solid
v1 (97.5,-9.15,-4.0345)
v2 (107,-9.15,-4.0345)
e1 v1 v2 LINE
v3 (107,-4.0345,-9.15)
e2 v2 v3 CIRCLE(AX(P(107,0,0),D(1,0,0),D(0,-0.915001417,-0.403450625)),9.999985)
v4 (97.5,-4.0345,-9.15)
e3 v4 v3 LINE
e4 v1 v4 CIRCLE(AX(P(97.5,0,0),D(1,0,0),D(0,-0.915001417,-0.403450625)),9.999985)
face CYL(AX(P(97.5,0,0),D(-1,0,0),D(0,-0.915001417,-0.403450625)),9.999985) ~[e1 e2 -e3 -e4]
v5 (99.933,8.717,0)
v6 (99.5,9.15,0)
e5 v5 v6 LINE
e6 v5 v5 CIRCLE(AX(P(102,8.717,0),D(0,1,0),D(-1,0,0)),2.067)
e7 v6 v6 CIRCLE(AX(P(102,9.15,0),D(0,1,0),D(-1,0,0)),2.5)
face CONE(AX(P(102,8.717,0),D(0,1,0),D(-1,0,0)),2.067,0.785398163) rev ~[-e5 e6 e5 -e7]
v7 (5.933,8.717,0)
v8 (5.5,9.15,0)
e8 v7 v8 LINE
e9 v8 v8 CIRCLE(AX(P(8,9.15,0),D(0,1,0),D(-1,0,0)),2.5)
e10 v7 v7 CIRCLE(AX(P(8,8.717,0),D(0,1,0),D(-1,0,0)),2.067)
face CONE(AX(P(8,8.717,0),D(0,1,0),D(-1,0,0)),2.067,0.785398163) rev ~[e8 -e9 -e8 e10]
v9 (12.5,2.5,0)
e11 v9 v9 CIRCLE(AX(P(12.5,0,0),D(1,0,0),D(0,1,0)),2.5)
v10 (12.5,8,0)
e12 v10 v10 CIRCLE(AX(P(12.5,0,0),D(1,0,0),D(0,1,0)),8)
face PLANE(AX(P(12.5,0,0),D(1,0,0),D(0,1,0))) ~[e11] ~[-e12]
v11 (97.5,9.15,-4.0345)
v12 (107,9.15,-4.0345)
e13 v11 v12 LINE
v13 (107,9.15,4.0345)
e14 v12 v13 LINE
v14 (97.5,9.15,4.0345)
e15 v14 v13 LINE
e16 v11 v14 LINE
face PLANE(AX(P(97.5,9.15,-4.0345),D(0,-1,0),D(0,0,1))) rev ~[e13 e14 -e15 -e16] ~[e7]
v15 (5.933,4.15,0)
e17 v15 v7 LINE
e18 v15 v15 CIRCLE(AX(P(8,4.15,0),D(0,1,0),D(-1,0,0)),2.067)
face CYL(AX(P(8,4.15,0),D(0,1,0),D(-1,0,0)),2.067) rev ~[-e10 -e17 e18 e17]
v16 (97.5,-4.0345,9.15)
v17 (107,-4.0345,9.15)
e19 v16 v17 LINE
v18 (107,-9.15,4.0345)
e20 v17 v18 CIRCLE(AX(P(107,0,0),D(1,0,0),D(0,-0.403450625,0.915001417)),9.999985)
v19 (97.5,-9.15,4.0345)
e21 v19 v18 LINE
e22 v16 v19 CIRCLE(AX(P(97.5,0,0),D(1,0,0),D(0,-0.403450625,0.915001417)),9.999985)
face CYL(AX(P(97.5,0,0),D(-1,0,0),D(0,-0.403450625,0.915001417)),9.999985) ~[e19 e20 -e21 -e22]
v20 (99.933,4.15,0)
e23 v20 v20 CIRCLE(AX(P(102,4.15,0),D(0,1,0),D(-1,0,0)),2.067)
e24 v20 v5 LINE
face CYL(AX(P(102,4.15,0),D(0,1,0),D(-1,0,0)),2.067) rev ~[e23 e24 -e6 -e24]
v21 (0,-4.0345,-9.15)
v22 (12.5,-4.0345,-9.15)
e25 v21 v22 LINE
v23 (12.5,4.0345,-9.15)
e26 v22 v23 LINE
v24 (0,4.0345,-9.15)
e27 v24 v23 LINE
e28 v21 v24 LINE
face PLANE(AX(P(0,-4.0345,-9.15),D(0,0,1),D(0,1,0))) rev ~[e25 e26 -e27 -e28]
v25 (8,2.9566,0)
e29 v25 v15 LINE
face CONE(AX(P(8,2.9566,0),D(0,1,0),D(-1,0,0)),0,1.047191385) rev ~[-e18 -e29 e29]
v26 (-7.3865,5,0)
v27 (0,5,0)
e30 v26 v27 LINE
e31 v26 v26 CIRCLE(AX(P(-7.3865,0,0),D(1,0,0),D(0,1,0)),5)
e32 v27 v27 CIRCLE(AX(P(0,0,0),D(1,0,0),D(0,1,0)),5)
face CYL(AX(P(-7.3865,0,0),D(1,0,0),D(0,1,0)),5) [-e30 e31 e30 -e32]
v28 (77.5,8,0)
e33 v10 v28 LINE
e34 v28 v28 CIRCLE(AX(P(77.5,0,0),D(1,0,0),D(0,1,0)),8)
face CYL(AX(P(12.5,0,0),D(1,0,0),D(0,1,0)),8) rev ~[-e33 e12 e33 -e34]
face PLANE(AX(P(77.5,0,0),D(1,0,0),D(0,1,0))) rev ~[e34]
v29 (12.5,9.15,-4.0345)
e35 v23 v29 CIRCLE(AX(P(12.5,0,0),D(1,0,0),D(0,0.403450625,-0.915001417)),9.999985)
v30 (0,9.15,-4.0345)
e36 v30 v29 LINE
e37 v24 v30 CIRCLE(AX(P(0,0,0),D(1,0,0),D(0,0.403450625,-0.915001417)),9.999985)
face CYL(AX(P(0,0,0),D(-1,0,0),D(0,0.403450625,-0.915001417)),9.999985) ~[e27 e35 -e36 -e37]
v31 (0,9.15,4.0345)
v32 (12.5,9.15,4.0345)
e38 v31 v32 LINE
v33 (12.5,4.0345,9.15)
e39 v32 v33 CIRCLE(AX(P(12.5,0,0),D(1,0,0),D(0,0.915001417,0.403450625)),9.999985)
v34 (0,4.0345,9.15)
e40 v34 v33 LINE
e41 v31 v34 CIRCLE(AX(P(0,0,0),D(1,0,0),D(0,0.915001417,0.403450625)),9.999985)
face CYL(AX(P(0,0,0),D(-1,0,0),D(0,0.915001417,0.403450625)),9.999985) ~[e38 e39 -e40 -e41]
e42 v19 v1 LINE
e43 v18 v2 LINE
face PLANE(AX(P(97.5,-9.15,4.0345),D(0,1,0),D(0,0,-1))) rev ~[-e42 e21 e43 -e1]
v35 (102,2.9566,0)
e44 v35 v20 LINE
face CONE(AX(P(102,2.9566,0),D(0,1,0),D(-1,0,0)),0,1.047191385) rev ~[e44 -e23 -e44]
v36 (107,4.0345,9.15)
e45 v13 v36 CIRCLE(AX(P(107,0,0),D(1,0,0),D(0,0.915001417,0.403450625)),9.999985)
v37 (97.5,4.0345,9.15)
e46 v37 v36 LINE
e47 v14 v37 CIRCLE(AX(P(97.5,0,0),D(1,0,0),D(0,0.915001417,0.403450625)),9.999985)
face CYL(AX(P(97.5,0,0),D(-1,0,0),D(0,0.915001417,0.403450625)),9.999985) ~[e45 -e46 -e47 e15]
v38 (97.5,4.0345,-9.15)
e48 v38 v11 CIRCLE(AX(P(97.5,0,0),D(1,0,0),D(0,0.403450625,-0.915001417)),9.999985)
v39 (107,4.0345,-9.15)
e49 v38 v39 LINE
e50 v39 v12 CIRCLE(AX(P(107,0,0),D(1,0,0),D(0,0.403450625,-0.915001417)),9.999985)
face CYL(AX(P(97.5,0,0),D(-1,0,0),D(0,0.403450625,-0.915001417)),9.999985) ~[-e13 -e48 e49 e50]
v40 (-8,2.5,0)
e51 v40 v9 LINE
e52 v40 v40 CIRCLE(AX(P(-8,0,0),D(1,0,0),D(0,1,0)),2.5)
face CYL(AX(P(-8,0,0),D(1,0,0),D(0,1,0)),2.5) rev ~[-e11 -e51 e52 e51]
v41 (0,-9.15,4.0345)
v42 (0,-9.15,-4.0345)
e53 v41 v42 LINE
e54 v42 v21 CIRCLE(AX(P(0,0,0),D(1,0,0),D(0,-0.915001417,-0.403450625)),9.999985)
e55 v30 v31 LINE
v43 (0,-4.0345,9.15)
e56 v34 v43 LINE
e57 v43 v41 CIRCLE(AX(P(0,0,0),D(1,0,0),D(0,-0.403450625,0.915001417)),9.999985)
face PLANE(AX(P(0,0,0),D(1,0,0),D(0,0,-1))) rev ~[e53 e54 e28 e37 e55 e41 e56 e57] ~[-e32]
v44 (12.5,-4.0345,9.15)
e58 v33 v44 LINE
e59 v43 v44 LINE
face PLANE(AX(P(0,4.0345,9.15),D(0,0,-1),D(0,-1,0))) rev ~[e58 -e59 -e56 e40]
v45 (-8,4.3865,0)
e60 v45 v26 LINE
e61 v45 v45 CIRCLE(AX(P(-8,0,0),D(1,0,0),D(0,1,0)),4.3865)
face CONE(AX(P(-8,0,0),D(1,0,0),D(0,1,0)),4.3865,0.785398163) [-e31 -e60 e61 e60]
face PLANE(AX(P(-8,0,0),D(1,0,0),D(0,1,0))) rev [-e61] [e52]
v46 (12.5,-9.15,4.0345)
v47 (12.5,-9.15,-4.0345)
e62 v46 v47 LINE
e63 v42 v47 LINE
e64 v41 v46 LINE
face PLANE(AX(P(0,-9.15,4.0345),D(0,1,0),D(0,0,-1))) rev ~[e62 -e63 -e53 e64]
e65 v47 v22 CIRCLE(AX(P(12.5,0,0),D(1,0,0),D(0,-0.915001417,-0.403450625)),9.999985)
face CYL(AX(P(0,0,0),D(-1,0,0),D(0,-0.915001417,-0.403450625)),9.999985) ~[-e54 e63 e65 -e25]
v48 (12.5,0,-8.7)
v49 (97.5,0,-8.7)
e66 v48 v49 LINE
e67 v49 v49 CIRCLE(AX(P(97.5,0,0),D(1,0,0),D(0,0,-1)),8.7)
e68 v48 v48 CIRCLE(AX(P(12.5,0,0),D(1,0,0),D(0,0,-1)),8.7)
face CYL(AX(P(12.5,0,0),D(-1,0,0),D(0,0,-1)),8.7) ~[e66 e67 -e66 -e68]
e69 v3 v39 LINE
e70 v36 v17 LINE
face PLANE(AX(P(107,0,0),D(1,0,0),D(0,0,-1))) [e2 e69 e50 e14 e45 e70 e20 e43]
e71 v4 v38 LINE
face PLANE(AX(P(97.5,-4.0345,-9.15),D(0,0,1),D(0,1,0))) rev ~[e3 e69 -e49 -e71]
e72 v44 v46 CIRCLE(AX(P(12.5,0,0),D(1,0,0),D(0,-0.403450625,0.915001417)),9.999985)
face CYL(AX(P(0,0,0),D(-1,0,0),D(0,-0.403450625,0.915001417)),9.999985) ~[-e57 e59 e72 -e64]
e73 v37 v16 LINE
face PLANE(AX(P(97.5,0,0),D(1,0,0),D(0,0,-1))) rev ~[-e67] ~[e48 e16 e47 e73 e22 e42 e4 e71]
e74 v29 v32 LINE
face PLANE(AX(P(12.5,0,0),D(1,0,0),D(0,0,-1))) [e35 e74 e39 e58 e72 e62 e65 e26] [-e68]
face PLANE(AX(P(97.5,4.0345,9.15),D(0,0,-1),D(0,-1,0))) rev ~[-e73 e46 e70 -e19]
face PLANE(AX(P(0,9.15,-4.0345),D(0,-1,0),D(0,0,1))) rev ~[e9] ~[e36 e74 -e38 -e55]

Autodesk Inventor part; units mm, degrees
sketch "Sketch_8" plane through (0, 0, 0) normal (0, 0, 1) x (1, 0, 0)
  line L0 (0, 0) -> (-8, 0)
  line L1 (-8, 0) -> (-8, 4.3865)
  line L2 (-8, 4.3865) -> (-7.3865, 5)
  line L3 (-7.3865, 5) -> (0, 5)
  line L4 (0, 5) -> (0, 0)
  line L5 (0, 0) -> (-8, 0)
revolve "Revolution1" add sketch "Sketch_8" angle 360 about axis through (0, 0, 0) along (1, 0, 0)
thread "Thread1" size "M10x1" class "6g" standard "ISO Metric profile" length 5.8865
sketch "Sketch_9" plane through (0, 0, 0) normal (1, 0, 0) x (0, 0, -1)
  line L0 (-9.15, 4.0345) -> (-9.15, -4.0345)
  arc A0 (-9.15, -4.0345) -> (-4.0345, -9.15) centre (0, 0) ccw
  line L1 (-4.0345, -9.15) -> (4.0345, -9.15)
  arc A1 (4.0345, -9.15) -> (9.15, -4.0345) centre (0, 0) ccw
  line L2 (9.15, -4.0345) -> (9.15, 4.0345)
  arc A2 (9.15, 4.0345) -> (4.0345, 9.15) centre (0, 0) ccw
  line L3 (4.0345, 9.15) -> (-4.0345, 9.15)
  arc A3 (-4.0345, 9.15) -> (-9.15, 4.0345) centre (0, 0) ccw
extrude "Extrusion1" add sketch "Sketch_9" along normal blind 12.5
sketch "Sketch_11" plane through (12.5, 0, 0) normal (1, 0, 0) x (0, 0, -1)
  circle A0 centre (0, 0) radius 8.7
extrude "Extrusion2" add sketch "Sketch_11" along normal blind 85
sketch "Sketch_10" plane through (97.5, 0, 0) normal (1, 0, 0) x (0, 0, -1)
  line L0 (-9.15, 4.0345) -> (-9.15, -4.0345)
  arc A0 (-9.15, -4.0345) -> (-4.0345, -9.15) centre (0, 0) ccw
  line L1 (-4.0345, -9.15) -> (4.0345, -9.15)
  arc A1 (4.0345, -9.15) -> (9.15, -4.0345) centre (0, 0) ccw
  line L2 (9.15, -4.0345) -> (9.15, 4.0345)
  arc A2 (9.15, 4.0345) -> (4.0345, 9.15) centre (0, 0) ccw
  line L3 (4.0345, 9.15) -> (-4.0345, 9.15)
  arc A3 (-4.0345, 9.15) -> (-9.15, 4.0345) centre (0, 0) ccw
extrude "Extrusion3" add sketch "Sketch_10" along normal blind 9.5
sketch "Sketch7" plane through (0, 0, 0) normal (0, 0, 1) x (1, 0, 0)
  line L0 (8, 9.15) -> (8, 4.15)
  line L1 (8, 2.9566) -> (5.933, 4.15)
  line L2 (5.933, 4.15) -> (5.933, 8.717)
  line L3 (5.933, 8.717) -> (5.5, 9.15)
  line L4 (5.5, 9.15) -> (8, 9.15)
  line L5 (8, 9.15) -> (8, 2.9566)
revolve "Revolution2" cut sketch "Sketch7" angle 360 about axis through (8, 9.15, 0) along (0, 1, 0)
thread "Thread2" size "M5x0.8" class "6H" standard "ISO Metric profile" full length
sketch "Sketch_7" plane through (0, 0, 0) normal (0, 0, 1) x (1, 0, 0)
  line L0 (102, 9.15) -> (102, 4.15)
  line L1 (102, 2.9566) -> (99.933, 4.15)
  line L2 (99.933, 4.15) -> (99.933, 8.717)
  line L3 (99.933, 8.717) -> (99.5, 9.15)
  line L4 (99.5, 9.15) -> (102, 9.15)
  line L5 (102, 9.15) -> (102, 2.9566)
revolve "Revolution3" cut sketch "Sketch_7" angle 360 about axis through (102, 9.15, 0) along (0, 1, 0)
thread "Thread3" size "M5x0.8" class "6H" standard "ISO Metric profile" full length
sketch "Sketch_16" plane through (0, 0, 0) normal (0, 0, 1) x (1, 0, 0)
  line L0 (77.5, 0) -> (-8, 0)
  line L1 (-8, 0) -> (-8, 2.5)
  line L2 (-8, 2.5) -> (12.5, 2.5)
  line L3 (12.5, 2.5) -> (12.5, 8)
  line L4 (12.5, 8) -> (77.5, 8)
  line L5 (77.5, 8) -> (77.5, 0)
  line L6 (77.5, 0) -> (-8, 0)
revolve "Revolution4" cut sketch "Sketch_16" angle 360 about axis through (77.5, 0, 0) along (1, 0, 0)
ref_plane "BODY_N_XY" through (107, 0, 0) normal (0, 0, -1) x (1, 0, 0)
ref_plane "BODY_N_YZ" through (107, 0, 0) normal (1, 0, 0) x (0, -1, 0)
ref_plane "BODY_N_ZX" through (107, 0, 0) normal (0, -1, 0) x (0, 0, -1)
ref_plane "NUT2_XY" through (107, 0, 0) normal (1, 0, 0) x (0, 0, -1)
ref_plane "NUT2_YZ" through (107, 0, 0) normal (0, 0, -1) x (0, 1, 0)
ref_plane "NUT2_ZX" through (107, 0, 0) normal (0, 1, 0) x (1, 0, 0)
ref_plane "SW1_XY" through (17.5, 0, 0) normal (1, 0, 0) x (0, 0, -1)
ref_plane "SW1_YZ" through (17.5, 0, 0) normal (0, 0, -1) x (0, 1, 0)
ref_plane "SW1_ZX" through (17.5, 0, 0) normal (0, 1, 0) x (1, 0, 0)
ref_plane "SW2_XY" through (92.5, 0, 0) normal (-1, 0, 0) x (0, 0, -1)
ref_plane "SW2_YZ" through (92.5, 0, 0) normal (0, 0, -1) x (0, -1, 0)
ref_plane "SW2_ZX" through (92.5, 0, 0) normal (0, -1, 0) x (-1, 0, 0)
ref_plane "SW_R1_XY" through (17.5, -14.15, 0) normal (1, 0, 0) x (0, 0, -1)
ref_plane "SW_R1_YZ" through (17.5, -14.15, 0) normal (0, 0, -1) x (0, 1, 0)
ref_plane "SW_R1_ZX" through (17.5, -14.15, 0) normal (0, 1, 0) x (1, 0, 0)
ref_plane "SW_R2_XY" through (92.5, -14.15, 0) normal (-1, 0, 0) x (0, 0, -1)
ref_plane "SW_R2_YZ" through (92.5, -14.15, 0) normal (0, 0, -1) x (0, -1, 0)
ref_plane "SW_R2_ZX" through (92.5, -14.15, 0) normal (0, -1, 0) x (-1, 0, 0)
ref_plane "body_XY" through (0, 0, 0) normal (1, 0, 0) x (0, 0, -1)
ref_plane "body_YZ" through (0, 0, 0) normal (0, 0, -1) x (0, 1, 0)
ref_plane "body_ZX" through (0, 0, 0) normal (0, 1, 0) x (1, 0, 0)
properties part number "CJ2B16-60Z(1_0)_BODY" material "ステンレス鋼"
